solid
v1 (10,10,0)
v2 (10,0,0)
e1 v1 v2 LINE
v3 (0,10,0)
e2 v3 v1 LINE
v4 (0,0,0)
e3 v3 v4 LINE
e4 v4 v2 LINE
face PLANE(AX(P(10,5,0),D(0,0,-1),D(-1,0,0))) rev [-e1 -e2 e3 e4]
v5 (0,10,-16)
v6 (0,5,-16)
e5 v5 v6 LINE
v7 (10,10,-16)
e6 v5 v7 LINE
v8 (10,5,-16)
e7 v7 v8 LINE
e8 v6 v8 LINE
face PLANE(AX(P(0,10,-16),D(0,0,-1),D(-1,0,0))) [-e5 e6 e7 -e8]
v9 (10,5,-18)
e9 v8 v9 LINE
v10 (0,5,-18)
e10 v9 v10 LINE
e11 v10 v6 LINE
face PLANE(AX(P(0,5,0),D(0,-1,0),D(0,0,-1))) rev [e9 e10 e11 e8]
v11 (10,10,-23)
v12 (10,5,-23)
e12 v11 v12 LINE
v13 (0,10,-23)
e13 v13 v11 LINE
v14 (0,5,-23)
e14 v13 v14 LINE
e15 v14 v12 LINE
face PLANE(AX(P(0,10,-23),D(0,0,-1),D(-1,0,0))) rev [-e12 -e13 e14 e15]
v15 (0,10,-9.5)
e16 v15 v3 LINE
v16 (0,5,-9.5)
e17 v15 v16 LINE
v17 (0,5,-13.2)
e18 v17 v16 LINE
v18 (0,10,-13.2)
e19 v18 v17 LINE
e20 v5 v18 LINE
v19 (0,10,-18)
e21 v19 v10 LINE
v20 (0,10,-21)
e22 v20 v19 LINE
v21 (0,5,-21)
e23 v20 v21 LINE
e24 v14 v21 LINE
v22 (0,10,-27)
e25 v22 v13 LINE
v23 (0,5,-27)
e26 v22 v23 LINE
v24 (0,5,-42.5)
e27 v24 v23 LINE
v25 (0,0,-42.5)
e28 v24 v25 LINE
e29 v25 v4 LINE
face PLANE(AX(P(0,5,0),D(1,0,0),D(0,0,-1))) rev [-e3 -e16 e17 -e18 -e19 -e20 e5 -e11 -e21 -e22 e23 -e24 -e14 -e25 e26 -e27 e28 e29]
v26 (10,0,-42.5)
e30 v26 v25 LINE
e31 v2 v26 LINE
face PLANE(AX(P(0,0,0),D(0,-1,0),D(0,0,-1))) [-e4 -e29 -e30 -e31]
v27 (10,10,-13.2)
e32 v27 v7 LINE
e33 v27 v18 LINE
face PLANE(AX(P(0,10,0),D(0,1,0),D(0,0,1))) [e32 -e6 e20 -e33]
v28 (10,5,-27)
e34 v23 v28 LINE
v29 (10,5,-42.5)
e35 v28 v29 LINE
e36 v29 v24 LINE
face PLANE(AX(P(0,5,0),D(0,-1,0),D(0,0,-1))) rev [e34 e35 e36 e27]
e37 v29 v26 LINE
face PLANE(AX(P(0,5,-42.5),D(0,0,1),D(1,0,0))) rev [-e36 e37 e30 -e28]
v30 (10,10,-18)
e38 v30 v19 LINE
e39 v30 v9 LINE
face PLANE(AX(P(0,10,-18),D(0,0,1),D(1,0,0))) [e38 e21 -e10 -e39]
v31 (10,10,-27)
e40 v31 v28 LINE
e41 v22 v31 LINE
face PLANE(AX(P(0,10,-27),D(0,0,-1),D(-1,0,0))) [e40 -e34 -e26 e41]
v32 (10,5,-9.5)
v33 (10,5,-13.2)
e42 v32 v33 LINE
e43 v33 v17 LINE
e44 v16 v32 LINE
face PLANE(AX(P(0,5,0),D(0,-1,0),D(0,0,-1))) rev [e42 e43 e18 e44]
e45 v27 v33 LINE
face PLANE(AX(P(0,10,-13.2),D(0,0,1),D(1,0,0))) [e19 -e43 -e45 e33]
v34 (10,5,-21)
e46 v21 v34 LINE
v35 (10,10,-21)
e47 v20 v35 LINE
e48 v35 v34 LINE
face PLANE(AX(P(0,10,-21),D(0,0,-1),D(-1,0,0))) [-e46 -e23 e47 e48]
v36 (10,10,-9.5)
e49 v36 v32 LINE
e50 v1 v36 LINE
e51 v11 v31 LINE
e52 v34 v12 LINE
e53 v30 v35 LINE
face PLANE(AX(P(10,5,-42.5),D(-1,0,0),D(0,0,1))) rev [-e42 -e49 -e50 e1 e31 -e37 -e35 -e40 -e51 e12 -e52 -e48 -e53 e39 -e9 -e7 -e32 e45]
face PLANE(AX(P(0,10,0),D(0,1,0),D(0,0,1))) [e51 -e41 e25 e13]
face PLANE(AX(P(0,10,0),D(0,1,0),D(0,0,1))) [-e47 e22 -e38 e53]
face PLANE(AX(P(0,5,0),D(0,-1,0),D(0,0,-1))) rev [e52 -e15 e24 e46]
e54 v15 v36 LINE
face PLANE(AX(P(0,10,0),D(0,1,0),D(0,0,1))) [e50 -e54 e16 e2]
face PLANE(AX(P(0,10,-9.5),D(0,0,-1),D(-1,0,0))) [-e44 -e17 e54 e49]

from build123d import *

# Parameters (mm, degrees)
SKETCH1_W           = 10
SKETCH1_H           = 42.5
BOSS_EXTRUDE1_DEPTH = 5
SKETCH2_W           = 10
SKETCH2_H           = 4
BOSS_EXTRUDE2_DEPTH = 5


with BuildPart() as part:
    # Sketch1 → Boss-Extrude1 (new body)
    with BuildSketch(Plane(origin=(0, 0, 0), x_dir=(1, 0, 0), z_dir=(0, 1, 0))):
        with Locations((5, 21.25)):
            Rectangle(SKETCH1_W, SKETCH1_H)
    extrude(amount=BOSS_EXTRUDE1_DEPTH)

    # Sketch2 → Boss-Extrude2 (add)
    with BuildSketch(Plane(origin=(0, 5, 0), x_dir=(1, 0, 0), z_dir=(0, 1, 0))):
        with BuildLine():
            Line((0, 9.5), (0, 0))
            Line((0, 0), (10, 0))
            Line((10, 0), (10, 9.5))
            Line((10, 9.5), (6.38985528, 9.5))
            add(Edge.make_bspline(
                [(6.38985528, 9.5), (6.385913474, 9.499063167), (6.369337183, 9.495284951), (6.339528779, 9.489593982), (6.299971793, 9.48472811), (6.259281687, 9.481095847), (6.231779336, 9.480879047), (6.217848558, 9.480769231)],
                knots=[11.350502485, 11.350502485, 11.350502485, 11.350502485, 11.676244097, 12.717260333, 13.78922464, 14.880174919, 16, 16, 16, 16], degree=3))
            add(Edge.make_bspline(
                [(6.217848558, 9.480769231), (6.19658675, 9.481151208), (6.154913454, 9.481899886), (6.098774023, 9.489476712), (6.064160656, 9.496513578), (6.049680169, 9.5)],
                knots=[0, 0, 0, 0, 1.1129367, 2.181364009, 2.961379824, 2.961379824, 2.961379824, 2.961379824], degree=3))
            Line((6.049680169, 9.5), (5.326923077, 9.5))
            Line((5.326923077, 9.5), (5.192307692, 9.5))
            Line((5.192307692, 9.5), (4.903846154, 9.5))
            Line((4.903846154, 9.5), (4.769230769, 9.5))
            Line((4.769230769, 9.5), (4.12352071, 9.5))
            Line((4.12352071, 9.5), (3.942307692, 9.096153846))
            Line((3.942307692, 9.096153846), (3.796875, 9.096153846))
            Line((3.796875, 9.096153846), (3.978178742, 9.5))
            Line((3.978178742, 9.5), (3.173076923, 9.5))
            Line((3.173076923, 9.5), (3.038461538, 9.5))
            Line((3.038461538, 9.5), (2.466778357, 9.5))
            add(Edge.make_bspline(
                [(2.466778357, 9.5), (2.462836551, 9.499063167), (2.44626026, 9.495284951), (2.416451856, 9.489593982), (2.37689487, 9.48472811), (2.336204764, 9.481095847), (2.308702413, 9.480879047), (2.294771635, 9.480769231)],
                knots=[11.350502485, 11.350502485, 11.350502485, 11.350502485, 11.676244097, 12.717260333, 13.78922464, 14.880174919, 16, 16, 16, 16], degree=3))
            add(Edge.make_bspline(
                [(2.294771635, 9.480769231), (2.273509827, 9.481151208), (2.231836531, 9.481899886), (2.1756971, 9.489476712), (2.141083733, 9.496513578), (2.126603246, 9.5)],
                knots=[0, 0, 0, 0, 1.1129367, 2.181364009, 2.961379824, 2.961379824, 2.961379824, 2.961379824], degree=3))
            Line((2.126603246, 9.5), (1.5, 9.5))
            Line((1.5, 9.5), (1.353665865, 9.5))
            Line((1.353665865, 9.5), (0.223858173, 9.5))
            Line((0.223858173, 9.5), (0.076923077, 9.5))
            Line((0.076923077, 9.5), (0, 9.5))
        make_face()
        with BuildLine():
            add(Edge.make_bspline(
                [(6.38985528, 9.5), (6.385913474, 9.499063167), (6.369337183, 9.495284951), (6.339528779, 9.489593982), (6.299971793, 9.48472811), (6.259281687, 9.481095847), (6.231779336, 9.480879047), (6.217848558, 9.480769231)],
                knots=[11.350502485, 11.350502485, 11.350502485, 11.350502485, 11.676244097, 12.717260333, 13.78922464, 14.880174919, 16, 16, 16, 16], degree=3))
            Line((6.38985528, 9.5), (6.049680169, 9.5))
            add(Edge.make_bspline(
                [(6.217848558, 9.480769231), (6.19658675, 9.481151208), (6.154913454, 9.481899886), (6.098774023, 9.489476712), (6.064160656, 9.496513578), (6.049680169, 9.5)],
                knots=[0, 0, 0, 0, 1.1129367, 2.181364009, 2.961379824, 2.961379824, 2.961379824, 2.961379824], degree=3))
        make_face()
        with BuildLine():
            Line((2.466778357, 9.5), (2.126603246, 9.5))
            add(Edge.make_bspline(
                [(2.294771635, 9.480769231), (2.273509827, 9.481151208), (2.231836531, 9.481899886), (2.1756971, 9.489476712), (2.141083733, 9.496513578), (2.126603246, 9.5)],
                knots=[0, 0, 0, 0, 1.1129367, 2.181364009, 2.961379824, 2.961379824, 2.961379824, 2.961379824], degree=3))
            add(Edge.make_bspline(
                [(2.466778357, 9.5), (2.462836551, 9.499063167), (2.44626026, 9.495284951), (2.416451856, 9.489593982), (2.37689487, 9.48472811), (2.336204764, 9.481095847), (2.308702413, 9.480879047), (2.294771635, 9.480769231)],
                knots=[11.350502485, 11.350502485, 11.350502485, 11.350502485, 11.676244097, 12.717260333, 13.78922464, 14.880174919, 16, 16, 16, 16], degree=3))
        make_face()
        Polygon((3.942307692, 9.096153846), (4.12352071, 9.5), (3.978178742, 9.5), (3.796875, 9.096153846), align=None)
        with BuildLine():
            Line((0, 21), (0, 18))
            Line((0, 18), (10, 18))
            Line((10, 18), (10, 21))
            Line((10, 21), (4.598525657, 21))
            add(Edge.make_bspline(
                [(4.598525657, 21), (4.598135805, 20.999899395), (4.580997325, 20.995497464), (4.545939577, 20.988338664), (4.491951793, 20.98190012), (4.454946287, 20.981152202), (4.435997596, 20.980769231)],
                knots=[8.84081453, 8.84081453, 8.84081453, 8.84081453, 8.864066838, 9.862729781, 10.905609505, 12, 12, 12, 12], degree=3))
            add(Edge.make_bspline(
                [(4.435997596, 20.980769231), (4.414936749, 20.981260877), (4.373853136, 20.982219937), (4.320342805, 20.98961816), (4.288253752, 20.996770904), (4.275833044, 21)],
                knots=[0, 0, 0, 0, 1.145258523, 2.234067595, 2.931969346, 2.931969346, 2.931969346, 2.931969346], degree=3))
            Line((4.275833044, 21), (3.5, 21))
            Line((3.5, 21), (3.365384615, 21))
            Line((3.365384615, 21), (2.923076923, 21))
            Line((2.923076923, 21), (2.788461538, 21))
            Line((2.788461538, 21), (2.497147401, 21))
            add(Edge.make_bspline(
                [(2.497147401, 21), (2.48773707, 20.997577032), (2.45762121, 20.990585666), (2.405483538, 20.982277726), (2.362518243, 20.981276574), (2.340745192, 20.980769231)],
                knots=[5.529312578, 5.529312578, 5.529312578, 5.529312578, 5.985159533, 6.978961417, 8, 8, 8, 8], degree=3))
            add(Edge.make_bspline(
                [(2.340745192, 20.980769231), (2.321387498, 20.981294819), (2.283213267, 20.982331302), (2.232273472, 20.989625468), (2.20103719, 20.996660619), (2.188281559, 21)],
                knots=[0, 0, 0, 0, 1.033919861, 2.038935746, 2.743200613, 2.743200613, 2.743200613, 2.743200613], degree=3))
            Line((2.188281559, 21), (1.5, 21))
            Line((1.5, 21), (1.365384615, 21))
            Line((1.365384615, 21), (0.326923077, 21))
            Line((0.326923077, 21), (0.192307692, 21))
            Line((0.192307692, 21), (0, 21))
        make_face()
        with BuildLine():
            Line((0, 16), (0, 13.2))
            Line((0, 13.2), (10, 13.2))
            Line((10, 13.2), (10, 16))
            Line((10, 16), (3.521033654, 16))
            Line((3.521033654, 16), (3.115384615, 16))
            Line((3.115384615, 16), (2.418932719, 16))
            add(Edge.make_bspline(
                [(2.418932719, 16), (2.411928934, 15.997803198), (2.38964973, 15.991136542), (2.351568812, 15.981497268), (2.304119202, 15.972381089), (2.255531856, 15.966286943), (2.205701909, 15.962111836), (2.172084157, 15.961731301), (2.155048077, 15.961538462)],
                knots=[10.30831536, 10.30831536, 10.30831536, 10.30831536, 10.776456485, 11.791383307, 12.812564526, 13.85620153, 14.913611965, 16, 16, 16, 16], degree=3))
            add(Edge.make_bspline(
                [(2.155048077, 15.961538462), (2.138915077, 15.961650744), (2.107014067, 15.961872769), (2.059914602, 15.965469412), (2.014061924, 15.970376442), (1.969587085, 15.97776507), (1.926247381, 15.986484073), (1.896478302, 15.994805468), (1.881010855, 15.999495178), (1.879360723, 16)],
                knots=[0, 0, 0, 0, 1.114604814, 2.203992996, 3.262667896, 4.300477797, 5.318619304, 6.316056647, 6.435280565, 6.435280565, 6.435280565, 6.435280565], degree=3))
            Line((1.879360723, 16), (0.326923077, 16))
            Line((0.326923077, 16), (0.192307692, 16))
            Line((0.192307692, 16), (0, 16))
        make_face()
        with BuildLine():
            Line((2.418932719, 16), (1.879360723, 16))
            add(Edge.make_bspline(
                [(2.155048077, 15.961538462), (2.138915077, 15.961650744), (2.107014067, 15.961872769), (2.059914602, 15.965469412), (2.014061924, 15.970376442), (1.969587085, 15.97776507), (1.926247381, 15.986484073), (1.896478302, 15.994805468), (1.881010855, 15.999495178), (1.879360723, 16)],
                knots=[0, 0, 0, 0, 1.114604814, 2.203992996, 3.262667896, 4.300477797, 5.318619304, 6.316056647, 6.435280565, 6.435280565, 6.435280565, 6.435280565], degree=3))
            add(Edge.make_bspline(
                [(2.418932719, 16), (2.411928934, 15.997803198), (2.38964973, 15.991136542), (2.351568812, 15.981497268), (2.304119202, 15.972381089), (2.255531856, 15.966286943), (2.205701909, 15.962111836), (2.172084157, 15.961731301), (2.155048077, 15.961538462)],
                knots=[10.30831536, 10.30831536, 10.30831536, 10.30831536, 10.776456485, 11.791383307, 12.812564526, 13.85620153, 14.913611965, 16, 16, 16, 16], degree=3))
        make_face()
        with BuildLine():
            add(Edge.make_bspline(
                [(4.598525657, 21), (4.598135805, 20.999899395), (4.580997325, 20.995497464), (4.545939577, 20.988338664), (4.491951793, 20.98190012), (4.454946287, 20.981152202), (4.435997596, 20.980769231)],
                knots=[8.84081453, 8.84081453, 8.84081453, 8.84081453, 8.864066838, 9.862729781, 10.905609505, 12, 12, 12, 12], degree=3))
            Line((4.598525657, 21), (4.275833044, 21))
            add(Edge.make_bspline(
                [(4.435997596, 20.980769231), (4.414936749, 20.981260877), (4.373853136, 20.982219937), (4.320342805, 20.98961816), (4.288253752, 20.996770904), (4.275833044, 21)],
                knots=[0, 0, 0, 0, 1.145258523, 2.234067595, 2.931969346, 2.931969346, 2.931969346, 2.931969346], degree=3))
        make_face()
        with BuildLine():
            Line((2.497147401, 21), (2.188281559, 21))
            add(Edge.make_bspline(
                [(2.340745192, 20.980769231), (2.321387498, 20.981294819), (2.283213267, 20.982331302), (2.232273472, 20.989625468), (2.20103719, 20.996660619), (2.188281559, 21)],
                knots=[0, 0, 0, 0, 1.033919861, 2.038935746, 2.743200613, 2.743200613, 2.743200613, 2.743200613], degree=3))
            add(Edge.make_bspline(
                [(2.497147401, 21), (2.48773707, 20.997577032), (2.45762121, 20.990585666), (2.405483538, 20.982277726), (2.362518243, 20.981276574), (2.340745192, 20.980769231)],
                knots=[5.529312578, 5.529312578, 5.529312578, 5.529312578, 5.985159533, 6.978961417, 8, 8, 8, 8], degree=3))
        make_face()
        with Locations((5, 25)):
            Rectangle(SKETCH2_W, SKETCH2_H)
    extrude(amount=BOSS_EXTRUDE2_DEPTH)


solid = part.part
